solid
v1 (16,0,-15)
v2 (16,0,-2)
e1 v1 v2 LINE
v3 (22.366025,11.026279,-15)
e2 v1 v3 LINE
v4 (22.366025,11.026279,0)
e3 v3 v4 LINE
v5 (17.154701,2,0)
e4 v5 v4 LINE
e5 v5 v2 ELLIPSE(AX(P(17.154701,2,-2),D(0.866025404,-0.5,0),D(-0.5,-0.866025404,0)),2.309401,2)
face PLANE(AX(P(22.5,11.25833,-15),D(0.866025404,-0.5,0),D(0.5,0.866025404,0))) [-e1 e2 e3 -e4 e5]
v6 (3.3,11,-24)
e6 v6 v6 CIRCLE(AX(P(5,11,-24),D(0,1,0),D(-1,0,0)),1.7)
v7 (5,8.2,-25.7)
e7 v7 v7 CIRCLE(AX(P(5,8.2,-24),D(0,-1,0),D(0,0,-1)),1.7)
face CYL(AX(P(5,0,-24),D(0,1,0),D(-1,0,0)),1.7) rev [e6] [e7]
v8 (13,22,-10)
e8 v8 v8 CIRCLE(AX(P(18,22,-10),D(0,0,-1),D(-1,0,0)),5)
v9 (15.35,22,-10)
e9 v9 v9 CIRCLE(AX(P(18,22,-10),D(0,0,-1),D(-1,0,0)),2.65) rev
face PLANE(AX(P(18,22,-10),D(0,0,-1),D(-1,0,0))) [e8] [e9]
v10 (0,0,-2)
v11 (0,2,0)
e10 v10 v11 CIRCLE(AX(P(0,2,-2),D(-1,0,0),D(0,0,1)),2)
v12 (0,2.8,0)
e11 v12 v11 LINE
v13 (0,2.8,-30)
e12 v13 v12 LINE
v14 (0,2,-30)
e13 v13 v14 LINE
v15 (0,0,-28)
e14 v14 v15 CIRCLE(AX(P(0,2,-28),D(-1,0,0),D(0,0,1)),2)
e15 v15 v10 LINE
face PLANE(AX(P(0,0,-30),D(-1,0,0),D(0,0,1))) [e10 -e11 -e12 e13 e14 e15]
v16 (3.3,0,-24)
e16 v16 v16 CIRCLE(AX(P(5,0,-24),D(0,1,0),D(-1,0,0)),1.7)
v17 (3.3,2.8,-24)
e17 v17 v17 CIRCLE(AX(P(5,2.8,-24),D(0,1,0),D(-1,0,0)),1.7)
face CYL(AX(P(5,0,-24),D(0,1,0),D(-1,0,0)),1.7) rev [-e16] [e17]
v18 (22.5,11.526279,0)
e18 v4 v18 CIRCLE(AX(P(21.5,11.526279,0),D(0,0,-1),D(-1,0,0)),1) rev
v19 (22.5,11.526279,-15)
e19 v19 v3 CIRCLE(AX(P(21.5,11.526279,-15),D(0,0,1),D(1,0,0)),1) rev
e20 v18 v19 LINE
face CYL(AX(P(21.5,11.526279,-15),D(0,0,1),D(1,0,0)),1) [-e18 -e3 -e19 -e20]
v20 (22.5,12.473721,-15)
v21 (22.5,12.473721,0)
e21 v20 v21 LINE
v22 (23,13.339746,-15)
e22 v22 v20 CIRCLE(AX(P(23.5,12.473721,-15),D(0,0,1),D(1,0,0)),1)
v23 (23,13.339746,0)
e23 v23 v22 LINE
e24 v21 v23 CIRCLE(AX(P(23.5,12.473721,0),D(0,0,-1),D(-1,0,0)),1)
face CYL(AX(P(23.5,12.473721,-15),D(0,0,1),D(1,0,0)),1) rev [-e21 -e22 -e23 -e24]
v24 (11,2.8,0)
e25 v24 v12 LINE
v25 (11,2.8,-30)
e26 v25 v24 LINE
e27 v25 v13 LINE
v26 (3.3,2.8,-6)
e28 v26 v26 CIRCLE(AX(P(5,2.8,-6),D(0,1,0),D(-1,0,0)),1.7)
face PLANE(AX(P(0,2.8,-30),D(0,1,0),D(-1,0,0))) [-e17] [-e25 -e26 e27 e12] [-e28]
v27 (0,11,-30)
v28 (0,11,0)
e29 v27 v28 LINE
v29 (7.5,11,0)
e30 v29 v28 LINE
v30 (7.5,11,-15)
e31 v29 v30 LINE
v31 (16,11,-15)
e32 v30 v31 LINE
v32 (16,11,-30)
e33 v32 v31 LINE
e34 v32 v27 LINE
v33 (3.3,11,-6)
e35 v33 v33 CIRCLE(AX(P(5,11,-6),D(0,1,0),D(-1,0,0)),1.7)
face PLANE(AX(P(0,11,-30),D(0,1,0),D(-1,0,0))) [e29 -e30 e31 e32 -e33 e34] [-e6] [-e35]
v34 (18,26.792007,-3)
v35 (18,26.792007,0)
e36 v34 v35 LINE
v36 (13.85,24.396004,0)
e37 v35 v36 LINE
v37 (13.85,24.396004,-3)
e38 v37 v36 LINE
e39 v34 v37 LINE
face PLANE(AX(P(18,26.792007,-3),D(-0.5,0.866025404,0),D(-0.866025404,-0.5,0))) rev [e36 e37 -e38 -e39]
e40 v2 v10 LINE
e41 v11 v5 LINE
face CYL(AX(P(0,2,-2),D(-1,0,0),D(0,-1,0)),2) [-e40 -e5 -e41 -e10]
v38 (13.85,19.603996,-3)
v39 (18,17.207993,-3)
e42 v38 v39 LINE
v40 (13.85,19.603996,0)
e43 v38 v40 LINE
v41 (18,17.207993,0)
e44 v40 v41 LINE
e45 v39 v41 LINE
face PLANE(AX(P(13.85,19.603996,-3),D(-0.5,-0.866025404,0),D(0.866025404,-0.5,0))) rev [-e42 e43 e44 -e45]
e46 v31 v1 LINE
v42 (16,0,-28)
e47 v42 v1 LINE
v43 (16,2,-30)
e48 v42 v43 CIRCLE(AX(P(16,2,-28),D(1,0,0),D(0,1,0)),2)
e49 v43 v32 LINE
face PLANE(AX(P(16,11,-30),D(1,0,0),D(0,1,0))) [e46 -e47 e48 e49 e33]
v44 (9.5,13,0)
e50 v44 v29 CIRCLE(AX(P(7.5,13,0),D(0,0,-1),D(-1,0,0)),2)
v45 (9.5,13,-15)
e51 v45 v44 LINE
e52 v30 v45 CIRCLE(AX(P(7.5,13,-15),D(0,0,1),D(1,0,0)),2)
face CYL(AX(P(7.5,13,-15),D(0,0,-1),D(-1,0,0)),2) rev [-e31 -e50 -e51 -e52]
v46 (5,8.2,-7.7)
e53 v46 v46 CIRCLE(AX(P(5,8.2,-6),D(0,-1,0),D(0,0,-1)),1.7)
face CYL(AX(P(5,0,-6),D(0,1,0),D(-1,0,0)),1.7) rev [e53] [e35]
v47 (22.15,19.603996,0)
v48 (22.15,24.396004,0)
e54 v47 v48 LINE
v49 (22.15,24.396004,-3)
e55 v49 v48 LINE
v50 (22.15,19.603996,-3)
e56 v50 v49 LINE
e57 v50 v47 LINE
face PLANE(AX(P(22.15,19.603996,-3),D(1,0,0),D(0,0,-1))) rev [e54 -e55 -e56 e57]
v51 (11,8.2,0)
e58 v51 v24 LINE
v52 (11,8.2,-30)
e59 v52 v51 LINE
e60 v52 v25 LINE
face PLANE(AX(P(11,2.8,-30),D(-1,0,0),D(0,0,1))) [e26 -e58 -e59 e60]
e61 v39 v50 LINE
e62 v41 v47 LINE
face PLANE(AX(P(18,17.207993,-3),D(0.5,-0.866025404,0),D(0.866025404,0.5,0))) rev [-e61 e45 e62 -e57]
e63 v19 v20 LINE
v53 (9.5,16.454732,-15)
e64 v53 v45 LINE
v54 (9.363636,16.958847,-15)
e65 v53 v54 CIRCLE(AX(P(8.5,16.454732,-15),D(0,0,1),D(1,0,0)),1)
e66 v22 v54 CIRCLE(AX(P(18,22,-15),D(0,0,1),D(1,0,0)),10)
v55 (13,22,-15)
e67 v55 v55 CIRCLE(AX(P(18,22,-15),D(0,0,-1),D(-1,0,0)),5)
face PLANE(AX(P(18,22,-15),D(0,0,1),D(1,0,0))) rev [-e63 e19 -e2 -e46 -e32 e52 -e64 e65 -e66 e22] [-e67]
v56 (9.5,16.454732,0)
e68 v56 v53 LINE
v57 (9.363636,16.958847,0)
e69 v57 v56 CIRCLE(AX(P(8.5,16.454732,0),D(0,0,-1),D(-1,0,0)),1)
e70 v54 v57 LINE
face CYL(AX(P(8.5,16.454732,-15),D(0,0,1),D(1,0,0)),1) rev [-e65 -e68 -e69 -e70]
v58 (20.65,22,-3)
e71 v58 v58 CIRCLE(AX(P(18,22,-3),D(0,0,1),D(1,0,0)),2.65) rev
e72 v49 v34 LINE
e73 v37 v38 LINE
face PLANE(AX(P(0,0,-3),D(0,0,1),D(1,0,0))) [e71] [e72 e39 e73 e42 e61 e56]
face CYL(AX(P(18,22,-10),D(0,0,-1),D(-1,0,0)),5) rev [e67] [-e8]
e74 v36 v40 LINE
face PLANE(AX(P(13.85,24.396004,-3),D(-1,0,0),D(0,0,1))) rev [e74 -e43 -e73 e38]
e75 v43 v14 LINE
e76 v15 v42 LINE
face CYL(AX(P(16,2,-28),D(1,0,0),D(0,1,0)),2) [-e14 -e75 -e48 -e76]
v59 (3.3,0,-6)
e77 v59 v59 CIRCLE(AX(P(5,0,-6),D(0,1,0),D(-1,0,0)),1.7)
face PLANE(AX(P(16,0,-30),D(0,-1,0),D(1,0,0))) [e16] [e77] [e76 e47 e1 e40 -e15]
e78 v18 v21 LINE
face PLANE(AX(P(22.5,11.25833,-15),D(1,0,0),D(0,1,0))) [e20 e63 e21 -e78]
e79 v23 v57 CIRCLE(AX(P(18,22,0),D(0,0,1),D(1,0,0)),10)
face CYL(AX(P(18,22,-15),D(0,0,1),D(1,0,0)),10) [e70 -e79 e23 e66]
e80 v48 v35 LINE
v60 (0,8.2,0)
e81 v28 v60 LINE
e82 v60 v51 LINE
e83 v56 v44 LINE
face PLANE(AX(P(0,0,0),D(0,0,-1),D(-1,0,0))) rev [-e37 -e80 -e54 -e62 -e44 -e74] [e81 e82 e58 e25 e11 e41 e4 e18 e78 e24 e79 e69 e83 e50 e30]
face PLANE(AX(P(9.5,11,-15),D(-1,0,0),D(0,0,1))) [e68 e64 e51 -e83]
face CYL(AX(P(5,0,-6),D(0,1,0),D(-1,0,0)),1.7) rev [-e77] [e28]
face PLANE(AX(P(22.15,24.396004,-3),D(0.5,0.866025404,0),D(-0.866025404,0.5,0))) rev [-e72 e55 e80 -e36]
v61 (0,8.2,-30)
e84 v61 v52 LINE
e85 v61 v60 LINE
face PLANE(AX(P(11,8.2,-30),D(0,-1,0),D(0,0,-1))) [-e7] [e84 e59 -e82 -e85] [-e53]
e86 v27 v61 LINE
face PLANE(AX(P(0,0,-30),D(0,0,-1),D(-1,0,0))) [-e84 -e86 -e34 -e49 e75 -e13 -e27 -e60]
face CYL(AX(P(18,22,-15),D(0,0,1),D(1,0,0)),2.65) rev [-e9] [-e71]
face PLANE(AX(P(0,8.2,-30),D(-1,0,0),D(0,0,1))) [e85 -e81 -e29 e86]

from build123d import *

# Parameters (mm, degrees)
EXTRUDE_1_DEPTH          = 30
SKETCH_3_R               = 2.65
EXTRUDE_2_DEPTH          = 15
SKETCH_4_R               = 5
CUT_EXTRUDE_1_DEPTH      = 5
CUT_EXTRUDE_2_DEPTH      = 3
CUT_EXTRUDE_3_DEPTH      = 47.097722286
CUT_EXTRUDE_3_DEPTH_BACK = 47.097722286
SKETCH_6_R               = 1.7
FILLET_1_R               = 2
FILLET_2_R               = 1
FILLET_3_R               = 1
FILLET_5_R               = 2


with BuildPart() as part:
    # 草图2 → 凸台-拉伸1 (new body)
    with BuildSketch(Plane.XY):
        Polygon((0, 0), (0, 2.8), (11, 2.8), (11, 8.2), (0, 8.2), (0, 11), (16, 11), (16, 0), align=None)
    extrude(amount=-EXTRUDE_1_DEPTH)

    # 草图3 → 凸台-拉伸2 (add)
    with BuildSketch(Plane.XY):
        with BuildLine():
            Line((9.5, 11), (9.5, 16.732173124))
            ThreePointArc((9.5, 16.732173124), (20.711715487, 31.625310339), (22.5, 13.06971445))
            Line((22.5, 13.06971445), (22.5, 11.258330249))
            Line((22.5, 11.258330249), (16, 0))
            Line((16, 0), (16, 11))
            Line((16, 11), (9.5, 11))
        make_face()
        with Locations((18, 22)):
            Circle(SKETCH_3_R, mode=Mode.SUBTRACT)
    extrude(amount=-EXTRUDE_2_DEPTH)

    # 草图4 → 切除-拉伸1 (cut)
    with BuildSketch(Plane(origin=(0, 0, -15), x_dir=(-1, 0, 0), z_dir=(0, 0, -1))):
        with Locations((-18, 22)):
            Circle(SKETCH_4_R)
    extrude(amount=-CUT_EXTRUDE_1_DEPTH, mode=Mode.SUBTRACT)

    # 草图5 → 切除-拉伸2 (cut)
    with BuildSketch(Plane.XY):
        Polygon((18, 26.792007234), (13.85, 24.396003617), (13.85, 19.603996383), (18, 17.207992766), (22.15, 19.603996383), (22.15, 24.396003617), align=None)
    extrude(amount=-CUT_EXTRUDE_2_DEPTH, mode=Mode.SUBTRACT)

    # 草图6 → 切除-拉伸3 (cut, two sides: drawn at the far end of the back side and taken through both)
    with BuildSketch(Plane(origin=(0, 11, 0), x_dir=(1, 0, 0), z_dir=(0, 1, 0)).offset(-CUT_EXTRUDE_3_DEPTH_BACK)):
        with Locations(Location((5, 6, 0), (0, 0, 180))):
            Circle(SKETCH_6_R)
        with Locations(Location((5, 24, 0), (0, 0, 180))):
            Circle(SKETCH_6_R)
    extrude(amount=CUT_EXTRUDE_3_DEPTH + CUT_EXTRUDE_3_DEPTH_BACK, mode=Mode.SUBTRACT)

    # 圆角1
    fillet_1_edges = [part.edges().sort_by_distance(p)[0] for p in [
        (9.5, 11, -7.5),
    ]]
    fillet(fillet_1_edges, radius=FILLET_1_R)

    # 圆角2
    fillet_2_edges = [part.edges().sort_by_distance(p)[0] for p in [
        (9.5, 16.732173124, -7.5),
    ]]
    fillet(fillet_2_edges, radius=FILLET_2_R)

    # 圆角3
    fillet_3_edges = [part.edges().sort_by_distance(p)[0] for p in [
        (22.5, 13.06971445, -7.5),
        (22.5, 11.258330249, -7.5),
    ]]
    fillet(fillet_3_edges, radius=FILLET_3_R)

    # 圆角5
    fillet_5_edges = [part.edges().sort_by_distance(p)[0] for p in [
        (8, 0, 0),
        (8, 0, -30),
    ]]
    fillet(fillet_5_edges, radius=FILLET_5_R)


solid = part.part
